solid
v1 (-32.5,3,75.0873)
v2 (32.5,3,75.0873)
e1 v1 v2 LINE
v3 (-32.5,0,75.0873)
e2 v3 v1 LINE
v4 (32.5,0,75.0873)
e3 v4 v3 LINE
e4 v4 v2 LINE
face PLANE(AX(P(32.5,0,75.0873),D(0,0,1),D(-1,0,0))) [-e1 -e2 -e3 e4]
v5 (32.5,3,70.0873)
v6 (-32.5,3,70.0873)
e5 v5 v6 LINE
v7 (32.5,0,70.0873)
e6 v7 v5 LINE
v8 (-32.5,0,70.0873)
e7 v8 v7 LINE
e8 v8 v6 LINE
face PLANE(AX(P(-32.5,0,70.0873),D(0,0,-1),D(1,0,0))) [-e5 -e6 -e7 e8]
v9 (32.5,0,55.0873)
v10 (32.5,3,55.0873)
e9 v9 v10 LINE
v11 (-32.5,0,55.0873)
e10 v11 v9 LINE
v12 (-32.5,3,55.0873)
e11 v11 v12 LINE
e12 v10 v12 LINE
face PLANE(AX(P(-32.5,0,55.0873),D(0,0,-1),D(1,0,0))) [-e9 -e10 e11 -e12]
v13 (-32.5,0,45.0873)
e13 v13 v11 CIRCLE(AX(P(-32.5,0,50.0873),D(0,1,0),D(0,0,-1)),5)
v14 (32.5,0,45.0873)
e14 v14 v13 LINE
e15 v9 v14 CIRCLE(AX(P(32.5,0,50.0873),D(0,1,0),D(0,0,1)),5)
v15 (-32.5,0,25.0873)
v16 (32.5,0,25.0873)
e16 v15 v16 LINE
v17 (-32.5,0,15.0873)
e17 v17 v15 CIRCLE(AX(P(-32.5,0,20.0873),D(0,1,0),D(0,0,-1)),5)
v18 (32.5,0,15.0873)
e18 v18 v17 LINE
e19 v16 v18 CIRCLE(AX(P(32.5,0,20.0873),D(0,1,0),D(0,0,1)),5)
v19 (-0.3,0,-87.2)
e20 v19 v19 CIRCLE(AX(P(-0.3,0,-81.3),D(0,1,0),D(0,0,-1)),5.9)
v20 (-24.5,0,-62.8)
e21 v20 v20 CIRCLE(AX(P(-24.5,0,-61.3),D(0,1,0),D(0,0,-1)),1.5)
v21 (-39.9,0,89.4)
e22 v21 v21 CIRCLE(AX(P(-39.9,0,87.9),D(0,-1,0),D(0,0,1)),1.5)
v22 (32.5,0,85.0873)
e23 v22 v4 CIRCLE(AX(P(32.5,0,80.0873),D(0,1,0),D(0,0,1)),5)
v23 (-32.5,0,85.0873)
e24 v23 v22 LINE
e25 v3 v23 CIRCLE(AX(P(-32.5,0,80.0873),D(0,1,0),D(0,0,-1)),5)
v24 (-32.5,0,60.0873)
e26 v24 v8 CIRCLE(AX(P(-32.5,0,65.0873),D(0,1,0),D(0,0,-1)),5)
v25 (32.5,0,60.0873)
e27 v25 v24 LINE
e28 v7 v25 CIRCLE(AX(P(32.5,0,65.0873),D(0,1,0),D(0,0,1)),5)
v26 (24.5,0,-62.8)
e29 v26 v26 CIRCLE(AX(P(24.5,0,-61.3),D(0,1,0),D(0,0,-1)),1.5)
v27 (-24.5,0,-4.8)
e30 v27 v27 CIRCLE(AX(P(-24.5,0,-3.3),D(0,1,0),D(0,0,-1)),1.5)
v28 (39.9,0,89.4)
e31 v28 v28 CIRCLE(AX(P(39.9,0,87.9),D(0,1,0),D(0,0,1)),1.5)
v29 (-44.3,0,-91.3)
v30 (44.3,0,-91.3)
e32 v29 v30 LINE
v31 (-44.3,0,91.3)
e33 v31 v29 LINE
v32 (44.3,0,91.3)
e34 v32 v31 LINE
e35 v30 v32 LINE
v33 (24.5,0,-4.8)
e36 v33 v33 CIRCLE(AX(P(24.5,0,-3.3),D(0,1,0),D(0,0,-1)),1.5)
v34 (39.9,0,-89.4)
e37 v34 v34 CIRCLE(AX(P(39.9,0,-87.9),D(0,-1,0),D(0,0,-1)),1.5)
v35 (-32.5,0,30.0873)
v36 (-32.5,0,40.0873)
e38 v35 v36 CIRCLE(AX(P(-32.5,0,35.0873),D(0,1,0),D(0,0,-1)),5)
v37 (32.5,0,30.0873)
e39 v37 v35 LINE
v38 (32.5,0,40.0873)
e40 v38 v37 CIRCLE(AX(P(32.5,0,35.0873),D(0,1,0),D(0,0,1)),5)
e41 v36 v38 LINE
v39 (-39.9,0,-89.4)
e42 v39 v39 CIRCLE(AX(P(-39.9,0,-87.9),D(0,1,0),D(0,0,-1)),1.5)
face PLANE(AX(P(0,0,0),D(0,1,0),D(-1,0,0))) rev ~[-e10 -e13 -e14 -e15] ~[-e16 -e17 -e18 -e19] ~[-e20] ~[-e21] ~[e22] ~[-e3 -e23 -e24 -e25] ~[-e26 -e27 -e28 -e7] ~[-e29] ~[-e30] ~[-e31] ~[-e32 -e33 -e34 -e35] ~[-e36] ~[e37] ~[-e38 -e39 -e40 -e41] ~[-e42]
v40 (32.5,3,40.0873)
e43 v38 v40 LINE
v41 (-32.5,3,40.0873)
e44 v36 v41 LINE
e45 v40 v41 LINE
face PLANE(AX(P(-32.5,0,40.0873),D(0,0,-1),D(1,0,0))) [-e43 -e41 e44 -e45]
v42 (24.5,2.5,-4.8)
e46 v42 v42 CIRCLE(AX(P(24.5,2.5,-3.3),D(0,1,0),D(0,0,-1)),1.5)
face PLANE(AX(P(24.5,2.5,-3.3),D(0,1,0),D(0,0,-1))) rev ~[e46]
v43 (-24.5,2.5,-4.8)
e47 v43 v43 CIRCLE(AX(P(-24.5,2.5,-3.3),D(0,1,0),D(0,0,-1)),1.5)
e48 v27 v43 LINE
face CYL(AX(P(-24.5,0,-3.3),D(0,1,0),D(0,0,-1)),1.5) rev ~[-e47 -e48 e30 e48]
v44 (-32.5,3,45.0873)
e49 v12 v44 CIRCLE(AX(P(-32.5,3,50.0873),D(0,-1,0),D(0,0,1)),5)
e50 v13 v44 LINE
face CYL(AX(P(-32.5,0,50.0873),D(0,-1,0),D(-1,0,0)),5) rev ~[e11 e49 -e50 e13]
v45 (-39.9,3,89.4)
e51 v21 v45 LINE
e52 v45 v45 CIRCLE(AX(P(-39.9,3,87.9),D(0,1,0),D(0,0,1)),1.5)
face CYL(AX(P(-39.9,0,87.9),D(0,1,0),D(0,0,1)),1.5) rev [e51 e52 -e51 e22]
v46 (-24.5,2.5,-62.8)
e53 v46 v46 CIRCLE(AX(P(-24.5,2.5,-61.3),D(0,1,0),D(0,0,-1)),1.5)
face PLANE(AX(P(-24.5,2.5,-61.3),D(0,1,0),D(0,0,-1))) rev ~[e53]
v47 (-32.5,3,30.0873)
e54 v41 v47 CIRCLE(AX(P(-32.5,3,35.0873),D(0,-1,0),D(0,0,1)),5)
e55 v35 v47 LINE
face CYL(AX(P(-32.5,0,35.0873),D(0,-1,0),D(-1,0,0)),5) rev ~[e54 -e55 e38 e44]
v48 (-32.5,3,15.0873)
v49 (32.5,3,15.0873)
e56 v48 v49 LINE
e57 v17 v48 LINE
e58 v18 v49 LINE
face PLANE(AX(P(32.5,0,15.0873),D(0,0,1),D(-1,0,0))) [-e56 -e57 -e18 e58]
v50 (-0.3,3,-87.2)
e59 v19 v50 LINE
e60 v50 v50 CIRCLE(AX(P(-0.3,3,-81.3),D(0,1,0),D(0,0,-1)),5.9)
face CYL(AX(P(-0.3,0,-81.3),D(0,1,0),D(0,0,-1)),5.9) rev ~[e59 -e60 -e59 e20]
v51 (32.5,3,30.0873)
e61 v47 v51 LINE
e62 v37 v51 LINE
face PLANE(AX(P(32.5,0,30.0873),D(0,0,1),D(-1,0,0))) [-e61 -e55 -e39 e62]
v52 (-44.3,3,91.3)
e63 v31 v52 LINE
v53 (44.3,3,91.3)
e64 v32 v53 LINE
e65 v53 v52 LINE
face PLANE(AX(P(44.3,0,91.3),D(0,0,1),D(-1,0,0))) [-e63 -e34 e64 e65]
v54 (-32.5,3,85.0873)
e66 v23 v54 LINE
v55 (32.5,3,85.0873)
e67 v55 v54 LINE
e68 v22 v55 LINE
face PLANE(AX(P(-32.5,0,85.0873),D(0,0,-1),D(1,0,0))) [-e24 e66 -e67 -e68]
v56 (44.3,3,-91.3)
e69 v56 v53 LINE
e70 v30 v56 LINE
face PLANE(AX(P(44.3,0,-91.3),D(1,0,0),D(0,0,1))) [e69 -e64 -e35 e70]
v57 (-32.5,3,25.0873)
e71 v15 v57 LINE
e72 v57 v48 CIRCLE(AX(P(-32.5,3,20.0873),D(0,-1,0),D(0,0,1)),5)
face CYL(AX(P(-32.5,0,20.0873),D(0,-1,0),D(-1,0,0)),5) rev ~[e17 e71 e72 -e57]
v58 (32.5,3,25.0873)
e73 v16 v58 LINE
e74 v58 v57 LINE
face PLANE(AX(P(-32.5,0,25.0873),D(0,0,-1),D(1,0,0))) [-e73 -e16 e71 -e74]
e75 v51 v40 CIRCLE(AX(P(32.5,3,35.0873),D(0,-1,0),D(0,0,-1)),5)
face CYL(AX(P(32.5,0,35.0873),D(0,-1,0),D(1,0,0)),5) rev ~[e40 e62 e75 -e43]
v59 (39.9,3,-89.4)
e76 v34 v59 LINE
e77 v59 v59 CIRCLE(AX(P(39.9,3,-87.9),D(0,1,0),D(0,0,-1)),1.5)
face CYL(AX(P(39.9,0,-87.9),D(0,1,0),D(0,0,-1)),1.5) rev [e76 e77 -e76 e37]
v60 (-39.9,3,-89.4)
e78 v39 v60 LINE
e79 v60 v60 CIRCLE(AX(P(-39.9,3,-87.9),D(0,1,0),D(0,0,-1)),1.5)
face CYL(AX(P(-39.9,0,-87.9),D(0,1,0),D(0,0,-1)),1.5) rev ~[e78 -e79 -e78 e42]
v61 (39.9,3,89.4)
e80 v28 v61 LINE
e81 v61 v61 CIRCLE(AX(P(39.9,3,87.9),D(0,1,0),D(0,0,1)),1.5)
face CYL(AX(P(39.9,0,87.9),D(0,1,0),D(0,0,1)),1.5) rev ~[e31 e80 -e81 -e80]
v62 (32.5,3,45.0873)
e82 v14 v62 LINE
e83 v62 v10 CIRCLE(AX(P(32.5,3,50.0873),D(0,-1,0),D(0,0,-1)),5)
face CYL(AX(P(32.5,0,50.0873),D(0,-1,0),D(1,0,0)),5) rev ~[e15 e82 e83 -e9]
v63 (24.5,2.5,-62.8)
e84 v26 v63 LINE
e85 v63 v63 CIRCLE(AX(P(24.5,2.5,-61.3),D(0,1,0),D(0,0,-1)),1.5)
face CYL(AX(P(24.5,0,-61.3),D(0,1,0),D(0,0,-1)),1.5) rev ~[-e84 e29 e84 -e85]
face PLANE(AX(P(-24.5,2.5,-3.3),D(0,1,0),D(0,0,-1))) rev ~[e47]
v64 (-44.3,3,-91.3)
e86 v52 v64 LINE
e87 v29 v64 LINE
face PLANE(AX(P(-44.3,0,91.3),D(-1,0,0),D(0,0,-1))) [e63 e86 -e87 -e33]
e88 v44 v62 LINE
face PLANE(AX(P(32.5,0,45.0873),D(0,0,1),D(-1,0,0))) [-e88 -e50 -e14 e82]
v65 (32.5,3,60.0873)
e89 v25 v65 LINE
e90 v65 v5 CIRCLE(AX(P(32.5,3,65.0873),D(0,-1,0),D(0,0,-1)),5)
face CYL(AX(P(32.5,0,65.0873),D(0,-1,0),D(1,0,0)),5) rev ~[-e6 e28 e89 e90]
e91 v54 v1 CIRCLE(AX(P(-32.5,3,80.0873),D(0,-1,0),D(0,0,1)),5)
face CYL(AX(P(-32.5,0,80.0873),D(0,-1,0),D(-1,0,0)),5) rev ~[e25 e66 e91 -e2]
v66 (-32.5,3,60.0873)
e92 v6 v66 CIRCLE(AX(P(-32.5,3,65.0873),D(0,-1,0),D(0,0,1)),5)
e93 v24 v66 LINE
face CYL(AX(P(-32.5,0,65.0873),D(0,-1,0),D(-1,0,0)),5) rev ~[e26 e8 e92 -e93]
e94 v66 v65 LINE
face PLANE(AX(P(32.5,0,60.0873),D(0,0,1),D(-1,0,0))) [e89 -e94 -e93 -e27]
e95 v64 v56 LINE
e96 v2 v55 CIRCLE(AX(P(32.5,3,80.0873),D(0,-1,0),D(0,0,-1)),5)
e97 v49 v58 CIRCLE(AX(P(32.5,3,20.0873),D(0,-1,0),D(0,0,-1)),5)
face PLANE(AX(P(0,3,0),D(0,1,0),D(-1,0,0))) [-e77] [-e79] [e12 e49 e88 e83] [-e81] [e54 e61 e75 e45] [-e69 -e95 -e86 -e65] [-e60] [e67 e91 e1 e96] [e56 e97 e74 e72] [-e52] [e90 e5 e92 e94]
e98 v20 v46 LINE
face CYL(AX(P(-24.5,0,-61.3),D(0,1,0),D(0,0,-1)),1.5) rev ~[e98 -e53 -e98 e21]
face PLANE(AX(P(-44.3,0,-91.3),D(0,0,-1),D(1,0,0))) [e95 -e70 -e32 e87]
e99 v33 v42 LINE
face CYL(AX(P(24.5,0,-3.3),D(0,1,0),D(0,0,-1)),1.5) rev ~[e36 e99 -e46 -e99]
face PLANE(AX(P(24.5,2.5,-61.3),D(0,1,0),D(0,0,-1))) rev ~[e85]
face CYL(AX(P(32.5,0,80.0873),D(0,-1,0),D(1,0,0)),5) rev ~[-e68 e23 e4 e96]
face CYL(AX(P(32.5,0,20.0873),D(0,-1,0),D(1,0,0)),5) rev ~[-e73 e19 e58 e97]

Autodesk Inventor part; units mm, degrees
ref_plane "YZ Plane" through (0, 0, 0) normal (1, 0, 0) x (0, 1, 0)
ref_plane "XZ Plane" through (0, 0, 0) normal (0, 1, 0) x (-1, 0, 0)
ref_plane "XY Plane" through (0, 0, 0) normal (0, 0, 1) x (1, 0, 0)
sketch "Skizze1" plane through (0, 0, 0) normal (0, 1, 0) x (-1, 0, 0)
  line L0 (-44.3, 91.3) -> (44.3, 91.3)
  line L1 (44.3, 91.3) -> (44.3, -91.3)
  line L2 (44.3, -91.3) -> (-44.3, -91.3)
  line L3 (-44.3, -91.3) -> (-44.3, 91.3)
  line L4 (-44.3, 91.3) -> (44.3, -91.3) construction
  line L5 (44.3, 91.3) -> (-44.3, -91.3) construction
  point P0 (0, 0)
  dimension "d0" = 88.6
  dimension "d1" = 182.6
extrude "Extrusion1" add sketch "Skizze1" along normal blind 3
sketch "Skizze2" plane through (0, 0, 0) normal (0, -1, 0) x (1, 0, 0)
  line L0 (-44.3, -91.3) -> (44.3, -91.3) projected
  line L1 (0, -91.3) -> (0, 91.3)
  line L2 (44.3, 91.3) -> (-44.3, 91.3) projected
  line L3 (-24.5, -61.3) -> (24.5, -61.3)
  line L4 (24.5, -61.3) -> (24.5, -3.3)
  line L5 (24.5, -3.3) -> (-24.5, -3.3)
  line L6 (-24.5, -3.3) -> (-24.5, -61.3)
  line L7 (-24.5, -61.3) -> (24.5, -3.3) construction
  line L8 (24.5, -61.3) -> (-24.5, -3.3) construction
  point P0 (0, 0)
  point P1 (0, -32.3)
  dimension "d5" = 49
  dimension "d6" = 58
  dimension "d7" = 30
hole "Bohrung1" at (-24.5, 0, -61.3) at (24.5, 0, -61.3) at (24.5, 0, -3.3) at (-24.5, 0, -3.3) direction (0, 1, 0) diameter 3 depth 2.5
sketch "Skizze3" plane through (0, 0, 0) normal (0, -1, 0) x (1, 0, 0)
  line L0 (32.5, 15.0873) -> (-32.5, 15.0873)
  line L1 (-37.5, 20.0873) -> (-37.5, 20.0873)
  line L2 (-32.5, 25.0873) -> (32.5, 25.0873)
  line L3 (37.5, 20.0873) -> (37.5, 20.0873)
  line L4 (37.5, 15.0873) -> (-37.5, 25.0873) construction
  line L5 (-37.5, 15.0873) -> (37.5, 25.0873) construction
  arc A0 (-37.5, 20.0873) -> (-32.5, 15.0873) centre (-32.5, 20.0873) ccw
  arc A1 (-32.5, 25.0873) -> (-37.5, 20.0873) centre (-32.5, 20.0873) ccw
  arc A2 (32.5, 15.0873) -> (37.5, 20.0873) centre (32.5, 20.0873) ccw
  arc A3 (37.5, 20.0873) -> (32.5, 25.0873) centre (32.5, 20.0873) ccw
  point P0 (0, 0)
  point P1 (0, 20.0873)
  dimension "d15" = 75
  dimension "d16" = 10
  dimension "d18" = 5
  dimension "d19" = 5
  dimension "d20" = 5
extrude "Extrusion2" cut sketch "Skizze3" against normal blind 10
pattern_linear "Rechteckige Anordnung1" count 5 spacing 15 along (0, 0, 1) of "Extrusion2"
hole "Bohrung2" at (-39.9, 0, -87.9) direction (0, 1, 0) diameter 3 depth 8 tip angle 118
mirror "Spiegeln1" about plane through (0, 0, 0) normal (1, 0, 0) of "Bohrung2"
mirror "Spiegeln2" about plane through (0, 0, 0) normal (0, 0, 1) of "Bohrung2", "Spiegeln1"
hole "Bohrung3" at (-0.3, 0, -81.3) direction (0, 1, 0) diameter 11.8 depth 8 tip angle 118
properties part number "RaspberryBox_Backplate"
